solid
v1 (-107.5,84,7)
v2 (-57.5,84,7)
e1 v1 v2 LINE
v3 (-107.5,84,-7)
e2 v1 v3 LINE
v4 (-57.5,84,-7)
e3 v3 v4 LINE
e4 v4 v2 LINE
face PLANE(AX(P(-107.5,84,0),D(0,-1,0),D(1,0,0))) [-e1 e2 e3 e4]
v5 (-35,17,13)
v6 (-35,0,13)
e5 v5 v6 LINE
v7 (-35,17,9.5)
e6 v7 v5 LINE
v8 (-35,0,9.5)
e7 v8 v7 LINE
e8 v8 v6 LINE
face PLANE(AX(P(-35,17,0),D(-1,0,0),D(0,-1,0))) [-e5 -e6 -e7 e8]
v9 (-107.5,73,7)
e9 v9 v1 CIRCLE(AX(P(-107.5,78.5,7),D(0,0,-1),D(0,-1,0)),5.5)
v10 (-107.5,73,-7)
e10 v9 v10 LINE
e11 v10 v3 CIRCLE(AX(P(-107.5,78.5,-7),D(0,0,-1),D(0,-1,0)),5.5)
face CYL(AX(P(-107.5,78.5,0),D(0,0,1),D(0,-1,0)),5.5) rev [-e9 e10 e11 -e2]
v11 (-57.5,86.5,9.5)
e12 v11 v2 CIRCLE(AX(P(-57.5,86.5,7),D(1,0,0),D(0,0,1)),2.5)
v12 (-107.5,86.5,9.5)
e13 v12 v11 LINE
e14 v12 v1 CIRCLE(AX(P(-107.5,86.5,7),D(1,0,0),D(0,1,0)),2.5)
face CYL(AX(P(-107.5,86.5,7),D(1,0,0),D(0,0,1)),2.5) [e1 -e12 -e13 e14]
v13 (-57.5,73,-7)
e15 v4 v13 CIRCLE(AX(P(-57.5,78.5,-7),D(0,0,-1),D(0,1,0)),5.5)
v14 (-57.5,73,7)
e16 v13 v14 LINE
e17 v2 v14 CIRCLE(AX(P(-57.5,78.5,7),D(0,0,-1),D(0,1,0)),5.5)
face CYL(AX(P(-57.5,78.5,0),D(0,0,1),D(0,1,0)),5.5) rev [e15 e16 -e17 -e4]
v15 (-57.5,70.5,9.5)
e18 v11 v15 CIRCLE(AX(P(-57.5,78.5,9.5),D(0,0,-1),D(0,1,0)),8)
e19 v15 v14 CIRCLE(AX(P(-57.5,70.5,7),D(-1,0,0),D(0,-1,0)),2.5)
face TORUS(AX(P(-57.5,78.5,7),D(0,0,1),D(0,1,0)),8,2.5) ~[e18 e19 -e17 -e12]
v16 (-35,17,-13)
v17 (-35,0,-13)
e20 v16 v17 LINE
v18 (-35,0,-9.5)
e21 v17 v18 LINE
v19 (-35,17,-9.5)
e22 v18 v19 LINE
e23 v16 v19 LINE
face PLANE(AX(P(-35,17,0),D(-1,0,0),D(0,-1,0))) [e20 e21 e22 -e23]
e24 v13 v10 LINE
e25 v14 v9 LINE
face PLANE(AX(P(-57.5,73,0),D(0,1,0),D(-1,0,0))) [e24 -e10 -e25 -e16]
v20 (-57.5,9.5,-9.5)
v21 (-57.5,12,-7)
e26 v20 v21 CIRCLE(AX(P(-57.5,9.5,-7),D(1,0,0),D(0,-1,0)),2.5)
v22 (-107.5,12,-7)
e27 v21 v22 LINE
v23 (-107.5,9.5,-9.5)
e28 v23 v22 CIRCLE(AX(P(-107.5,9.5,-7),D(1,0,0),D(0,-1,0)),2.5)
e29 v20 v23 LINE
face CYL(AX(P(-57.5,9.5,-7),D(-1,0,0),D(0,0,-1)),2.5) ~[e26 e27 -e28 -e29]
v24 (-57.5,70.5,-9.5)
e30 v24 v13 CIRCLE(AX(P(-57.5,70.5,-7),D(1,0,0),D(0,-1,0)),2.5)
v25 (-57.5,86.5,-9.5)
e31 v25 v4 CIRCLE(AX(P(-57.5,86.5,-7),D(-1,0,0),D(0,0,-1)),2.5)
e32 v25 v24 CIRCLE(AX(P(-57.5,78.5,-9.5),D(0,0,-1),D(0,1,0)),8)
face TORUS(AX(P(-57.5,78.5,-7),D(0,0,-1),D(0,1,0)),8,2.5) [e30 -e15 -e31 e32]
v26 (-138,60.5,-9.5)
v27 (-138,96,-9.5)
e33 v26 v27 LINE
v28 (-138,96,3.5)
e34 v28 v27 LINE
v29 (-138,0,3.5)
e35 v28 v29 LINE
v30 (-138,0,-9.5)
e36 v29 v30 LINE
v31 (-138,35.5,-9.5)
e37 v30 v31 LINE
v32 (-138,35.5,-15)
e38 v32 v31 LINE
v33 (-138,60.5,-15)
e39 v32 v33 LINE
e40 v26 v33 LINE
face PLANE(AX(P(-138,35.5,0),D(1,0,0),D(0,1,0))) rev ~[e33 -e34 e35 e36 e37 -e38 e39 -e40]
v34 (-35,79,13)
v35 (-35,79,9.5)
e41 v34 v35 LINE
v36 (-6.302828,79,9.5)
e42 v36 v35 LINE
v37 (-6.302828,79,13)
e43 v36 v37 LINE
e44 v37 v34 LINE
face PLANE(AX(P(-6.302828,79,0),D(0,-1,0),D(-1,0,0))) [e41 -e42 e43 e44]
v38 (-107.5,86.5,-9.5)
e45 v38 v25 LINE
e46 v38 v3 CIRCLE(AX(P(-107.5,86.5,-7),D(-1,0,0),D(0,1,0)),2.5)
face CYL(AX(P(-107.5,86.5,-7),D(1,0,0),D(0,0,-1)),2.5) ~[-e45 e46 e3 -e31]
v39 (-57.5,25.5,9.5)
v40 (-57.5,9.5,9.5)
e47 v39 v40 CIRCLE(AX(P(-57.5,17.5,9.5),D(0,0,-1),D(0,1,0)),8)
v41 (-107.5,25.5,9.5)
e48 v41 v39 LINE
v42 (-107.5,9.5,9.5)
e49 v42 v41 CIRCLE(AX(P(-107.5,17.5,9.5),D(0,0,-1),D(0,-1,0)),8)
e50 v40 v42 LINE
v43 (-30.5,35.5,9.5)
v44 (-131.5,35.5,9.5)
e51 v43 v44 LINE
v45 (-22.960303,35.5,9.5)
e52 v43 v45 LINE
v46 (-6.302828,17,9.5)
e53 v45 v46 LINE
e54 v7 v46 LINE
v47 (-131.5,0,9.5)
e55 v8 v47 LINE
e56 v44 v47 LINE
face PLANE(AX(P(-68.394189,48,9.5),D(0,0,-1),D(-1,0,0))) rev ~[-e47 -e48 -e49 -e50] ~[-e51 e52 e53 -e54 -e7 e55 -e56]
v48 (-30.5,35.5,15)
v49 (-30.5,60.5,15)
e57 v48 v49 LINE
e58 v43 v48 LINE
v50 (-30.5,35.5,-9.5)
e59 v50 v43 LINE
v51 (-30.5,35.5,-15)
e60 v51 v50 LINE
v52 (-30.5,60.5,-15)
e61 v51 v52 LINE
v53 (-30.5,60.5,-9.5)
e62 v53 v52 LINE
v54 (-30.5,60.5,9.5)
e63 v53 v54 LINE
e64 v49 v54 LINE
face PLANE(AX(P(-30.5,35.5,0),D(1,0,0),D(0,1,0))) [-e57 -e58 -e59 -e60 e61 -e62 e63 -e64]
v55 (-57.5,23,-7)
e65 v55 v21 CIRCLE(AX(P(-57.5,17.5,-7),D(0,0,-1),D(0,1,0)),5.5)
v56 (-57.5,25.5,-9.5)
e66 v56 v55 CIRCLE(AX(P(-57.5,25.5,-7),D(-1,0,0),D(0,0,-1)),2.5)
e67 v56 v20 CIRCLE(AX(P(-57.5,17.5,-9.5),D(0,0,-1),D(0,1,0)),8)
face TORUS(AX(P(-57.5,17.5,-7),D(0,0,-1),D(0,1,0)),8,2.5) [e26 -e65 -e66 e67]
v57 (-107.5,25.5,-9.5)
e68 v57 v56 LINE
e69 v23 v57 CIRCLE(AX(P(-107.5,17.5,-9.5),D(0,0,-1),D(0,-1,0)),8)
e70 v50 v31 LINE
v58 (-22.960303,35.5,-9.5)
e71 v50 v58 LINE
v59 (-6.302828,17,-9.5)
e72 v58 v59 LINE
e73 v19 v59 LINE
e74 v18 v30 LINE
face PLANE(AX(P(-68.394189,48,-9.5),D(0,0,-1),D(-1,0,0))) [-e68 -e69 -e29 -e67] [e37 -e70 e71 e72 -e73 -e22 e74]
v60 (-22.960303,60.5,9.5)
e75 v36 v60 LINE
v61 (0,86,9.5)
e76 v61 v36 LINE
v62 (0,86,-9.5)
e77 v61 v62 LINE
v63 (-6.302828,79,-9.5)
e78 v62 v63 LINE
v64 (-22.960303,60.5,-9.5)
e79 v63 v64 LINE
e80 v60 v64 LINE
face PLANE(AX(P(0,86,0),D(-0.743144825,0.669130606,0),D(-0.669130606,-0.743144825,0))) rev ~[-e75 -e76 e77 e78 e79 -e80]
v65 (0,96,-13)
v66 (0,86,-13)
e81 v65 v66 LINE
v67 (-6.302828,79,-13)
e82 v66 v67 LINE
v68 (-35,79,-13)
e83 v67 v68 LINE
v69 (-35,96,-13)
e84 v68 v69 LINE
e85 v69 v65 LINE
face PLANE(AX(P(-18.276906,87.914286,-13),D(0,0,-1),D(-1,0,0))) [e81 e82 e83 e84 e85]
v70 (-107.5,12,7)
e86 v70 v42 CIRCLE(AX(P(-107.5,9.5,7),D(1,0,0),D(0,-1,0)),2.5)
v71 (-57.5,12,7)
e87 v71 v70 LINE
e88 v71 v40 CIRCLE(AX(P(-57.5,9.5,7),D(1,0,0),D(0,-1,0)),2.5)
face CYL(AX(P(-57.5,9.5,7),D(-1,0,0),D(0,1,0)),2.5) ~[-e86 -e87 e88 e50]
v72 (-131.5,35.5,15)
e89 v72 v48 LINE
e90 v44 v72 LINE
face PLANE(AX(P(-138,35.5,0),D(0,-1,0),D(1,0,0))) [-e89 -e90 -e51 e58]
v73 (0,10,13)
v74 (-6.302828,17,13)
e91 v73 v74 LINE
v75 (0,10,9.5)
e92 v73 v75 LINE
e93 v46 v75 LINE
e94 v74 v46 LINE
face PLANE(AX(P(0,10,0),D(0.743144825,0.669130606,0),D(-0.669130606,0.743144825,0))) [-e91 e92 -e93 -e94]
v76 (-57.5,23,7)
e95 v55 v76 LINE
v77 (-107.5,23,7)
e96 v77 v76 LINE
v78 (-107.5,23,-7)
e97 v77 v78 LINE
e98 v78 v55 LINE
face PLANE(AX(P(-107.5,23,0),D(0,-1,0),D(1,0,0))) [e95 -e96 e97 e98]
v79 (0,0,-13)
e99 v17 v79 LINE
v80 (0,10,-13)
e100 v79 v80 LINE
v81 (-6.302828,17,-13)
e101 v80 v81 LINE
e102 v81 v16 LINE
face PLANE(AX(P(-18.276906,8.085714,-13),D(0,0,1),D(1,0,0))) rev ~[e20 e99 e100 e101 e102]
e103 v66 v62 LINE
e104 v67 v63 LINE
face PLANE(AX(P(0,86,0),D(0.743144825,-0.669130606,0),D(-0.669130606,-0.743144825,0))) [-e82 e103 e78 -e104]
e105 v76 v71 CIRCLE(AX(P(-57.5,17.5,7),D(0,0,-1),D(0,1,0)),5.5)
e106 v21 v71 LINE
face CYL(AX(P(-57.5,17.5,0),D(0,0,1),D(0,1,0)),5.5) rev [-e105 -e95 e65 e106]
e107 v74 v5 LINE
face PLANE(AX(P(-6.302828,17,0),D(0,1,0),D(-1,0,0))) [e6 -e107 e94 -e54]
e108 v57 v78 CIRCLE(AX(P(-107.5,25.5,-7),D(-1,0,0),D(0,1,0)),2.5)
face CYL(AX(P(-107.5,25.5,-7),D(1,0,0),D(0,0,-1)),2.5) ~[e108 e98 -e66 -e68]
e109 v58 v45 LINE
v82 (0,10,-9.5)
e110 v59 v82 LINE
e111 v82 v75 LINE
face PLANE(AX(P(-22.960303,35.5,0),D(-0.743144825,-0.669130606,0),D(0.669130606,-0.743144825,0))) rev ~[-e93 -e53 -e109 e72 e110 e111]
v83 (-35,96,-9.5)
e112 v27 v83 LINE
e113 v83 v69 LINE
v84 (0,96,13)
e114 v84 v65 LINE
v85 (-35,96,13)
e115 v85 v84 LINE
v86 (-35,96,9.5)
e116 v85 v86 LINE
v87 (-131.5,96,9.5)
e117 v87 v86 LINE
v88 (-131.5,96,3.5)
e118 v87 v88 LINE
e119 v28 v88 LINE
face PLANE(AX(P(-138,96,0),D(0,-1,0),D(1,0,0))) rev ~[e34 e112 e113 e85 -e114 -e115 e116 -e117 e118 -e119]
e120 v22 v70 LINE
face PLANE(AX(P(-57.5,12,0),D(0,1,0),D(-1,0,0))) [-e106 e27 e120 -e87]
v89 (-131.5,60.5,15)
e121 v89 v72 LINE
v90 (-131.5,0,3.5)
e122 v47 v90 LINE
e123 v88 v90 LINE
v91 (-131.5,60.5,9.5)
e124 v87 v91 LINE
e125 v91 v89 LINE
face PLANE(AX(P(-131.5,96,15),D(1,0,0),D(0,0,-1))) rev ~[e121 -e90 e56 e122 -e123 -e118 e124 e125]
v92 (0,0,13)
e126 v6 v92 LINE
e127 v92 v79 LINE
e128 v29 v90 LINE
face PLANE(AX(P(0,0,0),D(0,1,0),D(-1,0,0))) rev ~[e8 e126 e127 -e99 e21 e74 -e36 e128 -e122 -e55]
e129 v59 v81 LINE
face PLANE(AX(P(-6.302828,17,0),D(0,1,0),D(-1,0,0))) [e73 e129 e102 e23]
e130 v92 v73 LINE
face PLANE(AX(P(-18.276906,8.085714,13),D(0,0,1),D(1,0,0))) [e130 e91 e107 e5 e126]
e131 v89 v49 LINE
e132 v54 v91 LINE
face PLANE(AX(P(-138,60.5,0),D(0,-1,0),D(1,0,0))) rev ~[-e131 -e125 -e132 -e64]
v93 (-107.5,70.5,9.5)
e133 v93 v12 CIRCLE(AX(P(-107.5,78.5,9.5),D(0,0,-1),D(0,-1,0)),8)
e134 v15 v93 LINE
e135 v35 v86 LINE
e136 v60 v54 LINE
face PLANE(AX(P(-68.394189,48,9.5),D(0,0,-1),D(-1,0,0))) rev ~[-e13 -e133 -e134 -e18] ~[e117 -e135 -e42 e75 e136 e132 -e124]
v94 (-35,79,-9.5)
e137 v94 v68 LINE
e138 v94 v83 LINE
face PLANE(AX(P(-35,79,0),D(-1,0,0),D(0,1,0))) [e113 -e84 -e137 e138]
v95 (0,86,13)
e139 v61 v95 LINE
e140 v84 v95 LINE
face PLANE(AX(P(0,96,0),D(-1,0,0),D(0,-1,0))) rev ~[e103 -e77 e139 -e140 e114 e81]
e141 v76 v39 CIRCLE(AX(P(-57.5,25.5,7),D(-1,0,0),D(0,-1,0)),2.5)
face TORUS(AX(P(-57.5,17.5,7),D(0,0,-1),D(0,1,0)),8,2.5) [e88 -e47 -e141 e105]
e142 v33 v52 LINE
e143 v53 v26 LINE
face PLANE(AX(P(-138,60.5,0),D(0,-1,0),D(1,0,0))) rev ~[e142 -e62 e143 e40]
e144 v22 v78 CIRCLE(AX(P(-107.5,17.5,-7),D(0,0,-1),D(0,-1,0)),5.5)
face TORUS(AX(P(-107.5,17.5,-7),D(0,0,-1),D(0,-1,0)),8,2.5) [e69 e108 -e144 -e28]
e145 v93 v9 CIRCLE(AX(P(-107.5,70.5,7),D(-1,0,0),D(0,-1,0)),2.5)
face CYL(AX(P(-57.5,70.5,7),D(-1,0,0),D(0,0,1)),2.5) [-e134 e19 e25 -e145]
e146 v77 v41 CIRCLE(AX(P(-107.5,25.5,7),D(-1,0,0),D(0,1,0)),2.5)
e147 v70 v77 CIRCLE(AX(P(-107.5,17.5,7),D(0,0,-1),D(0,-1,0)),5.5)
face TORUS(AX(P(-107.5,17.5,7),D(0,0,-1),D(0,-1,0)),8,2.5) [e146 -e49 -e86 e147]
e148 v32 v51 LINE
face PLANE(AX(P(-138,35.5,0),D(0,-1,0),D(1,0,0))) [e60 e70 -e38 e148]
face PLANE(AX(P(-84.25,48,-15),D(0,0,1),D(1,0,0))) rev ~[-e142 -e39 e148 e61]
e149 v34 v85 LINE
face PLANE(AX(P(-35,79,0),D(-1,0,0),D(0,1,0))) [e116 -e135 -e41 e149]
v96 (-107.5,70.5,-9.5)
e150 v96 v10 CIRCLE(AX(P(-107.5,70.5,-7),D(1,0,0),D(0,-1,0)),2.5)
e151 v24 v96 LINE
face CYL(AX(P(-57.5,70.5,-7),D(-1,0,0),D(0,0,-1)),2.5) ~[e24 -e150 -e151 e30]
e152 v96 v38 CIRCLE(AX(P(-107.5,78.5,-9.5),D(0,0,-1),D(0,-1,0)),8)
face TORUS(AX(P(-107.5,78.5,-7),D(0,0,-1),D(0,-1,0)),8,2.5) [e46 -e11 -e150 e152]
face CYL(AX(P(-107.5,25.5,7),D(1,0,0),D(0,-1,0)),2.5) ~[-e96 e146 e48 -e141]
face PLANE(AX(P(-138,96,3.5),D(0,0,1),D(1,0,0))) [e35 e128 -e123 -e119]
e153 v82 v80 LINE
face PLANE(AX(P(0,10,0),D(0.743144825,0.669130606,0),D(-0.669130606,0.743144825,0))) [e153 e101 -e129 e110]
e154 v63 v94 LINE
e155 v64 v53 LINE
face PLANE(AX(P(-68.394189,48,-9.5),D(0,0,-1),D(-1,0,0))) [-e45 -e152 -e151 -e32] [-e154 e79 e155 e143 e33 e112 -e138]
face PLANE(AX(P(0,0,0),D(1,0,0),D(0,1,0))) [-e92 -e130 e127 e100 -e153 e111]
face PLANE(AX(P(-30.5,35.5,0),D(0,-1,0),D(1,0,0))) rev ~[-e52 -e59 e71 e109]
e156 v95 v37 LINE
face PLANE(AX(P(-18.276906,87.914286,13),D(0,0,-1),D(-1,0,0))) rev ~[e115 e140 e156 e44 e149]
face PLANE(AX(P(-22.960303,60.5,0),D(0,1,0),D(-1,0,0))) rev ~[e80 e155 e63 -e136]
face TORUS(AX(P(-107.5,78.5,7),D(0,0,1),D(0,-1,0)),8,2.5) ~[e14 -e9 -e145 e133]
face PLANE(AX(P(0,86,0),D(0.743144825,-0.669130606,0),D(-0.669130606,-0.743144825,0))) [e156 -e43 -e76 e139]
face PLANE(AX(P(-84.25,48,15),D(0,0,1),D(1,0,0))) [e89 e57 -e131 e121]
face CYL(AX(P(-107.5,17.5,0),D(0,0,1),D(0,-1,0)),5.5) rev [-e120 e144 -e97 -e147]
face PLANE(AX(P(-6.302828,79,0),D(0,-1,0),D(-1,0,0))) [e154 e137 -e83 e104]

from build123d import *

# Parameters (mm, degrees)
BOSS_EXTRUDE1_DEPTH = 9.5
SKETCH5_W           = 107.5
SKETCH5_H           = 25
BOSS_EXTRUDE4_DEPTH = 15
BOSS_EXTRUDE5_DEPTH = 13
SKETCH7_W           = 6.5
SKETCH7_H           = 11.5
CUT_EXTRUDE1_DEPTH  = 169.774998148
FILLET1_R           = 2.5


with BuildPart() as part:
    # Sketch1 → Boss-Extrude1 (new, symmetric)
    with BuildSketch(Plane.XY):
        Polygon((0, 0), (-138, 0), (-138, 96), (0, 96), (0, 86), (-22.96030313, 60.5), (-30.5, 60.5), (-30.5, 35.5), (-22.96030313, 35.5), (0, 10), align=None)
        with BuildLine():
            Line((-107.5, 84), (-57.5, 84))
            ThreePointArc((-57.5, 84), (-52, 78.5), (-57.5, 73))
            Line((-57.5, 73), (-107.5, 73))
            ThreePointArc((-107.5, 73), (-113, 78.5), (-107.5, 84))
        make_face(mode=Mode.SUBTRACT)
        with BuildLine():
            Line((-107.5, 23), (-57.5, 23))
            ThreePointArc((-57.5, 23), (-52, 17.5), (-57.5, 12))
            Line((-57.5, 12), (-107.5, 12))
            ThreePointArc((-107.5, 12), (-113, 17.5), (-107.5, 23))
        make_face(mode=Mode.SUBTRACT)
    extrude(amount=BOSS_EXTRUDE1_DEPTH, both=True)

    # Sketch5 → Boss-Extrude4 (add, symmetric)
    with BuildSketch(Plane.XY):
        with Locations((-84.25, 48)):
            Rectangle(SKETCH5_W, SKETCH5_H)
    extrude(amount=BOSS_EXTRUDE4_DEPTH, both=True)

    # Sketch6 → Boss-Extrude5 (add, symmetric)
    with BuildSketch(Plane.XY):
        Polygon((-6.30282831, 79), (-35, 79), (-35, 96), (0, 96), (0, 86), align=None)
        Polygon((-6.30282831, 17), (-35, 17), (-35, 0), (0, 0), (0, 10), align=None)
    extrude(amount=BOSS_EXTRUDE5_DEPTH, both=True)

    # Sketch7 → Cut-Extrude1 (cut, through all)
    with BuildSketch(Plane(origin=(0, 96, 0), x_dir=(1, 0, 0), z_dir=(0, 1, 0))):
        with Locations((-134.75, -9.25)):
            Rectangle(SKETCH7_W, SKETCH7_H)
    extrude(amount=-CUT_EXTRUDE1_DEPTH, mode=Mode.SUBTRACT)

    # Fillet1
    fillet1_edges = [part.edges().sort_by_distance(p)[0] for p in [
        (-113, 78.5, -9.5),
        (-82.5, 73, -9.5),
        (-52, 78.5, -9.5),
        (-82.5, 84, -9.5),
        (-113, 78.5, 9.5),
        (-82.5, 73, 9.5),
        (-52, 78.5, 9.5),
        (-82.5, 84, 9.5),
        (-113, 17.5, -9.5),
        (-82.5, 12, -9.5),
        (-52, 17.5, -9.5),
        (-82.5, 23, -9.5),
        (-113, 17.5, 9.5),
        (-82.5, 12, 9.5),
        (-52, 17.5, 9.5),
        (-82.5, 23, 9.5),
    ]]
    fillet(fillet1_edges, radius=FILLET1_R)


solid = part.part
